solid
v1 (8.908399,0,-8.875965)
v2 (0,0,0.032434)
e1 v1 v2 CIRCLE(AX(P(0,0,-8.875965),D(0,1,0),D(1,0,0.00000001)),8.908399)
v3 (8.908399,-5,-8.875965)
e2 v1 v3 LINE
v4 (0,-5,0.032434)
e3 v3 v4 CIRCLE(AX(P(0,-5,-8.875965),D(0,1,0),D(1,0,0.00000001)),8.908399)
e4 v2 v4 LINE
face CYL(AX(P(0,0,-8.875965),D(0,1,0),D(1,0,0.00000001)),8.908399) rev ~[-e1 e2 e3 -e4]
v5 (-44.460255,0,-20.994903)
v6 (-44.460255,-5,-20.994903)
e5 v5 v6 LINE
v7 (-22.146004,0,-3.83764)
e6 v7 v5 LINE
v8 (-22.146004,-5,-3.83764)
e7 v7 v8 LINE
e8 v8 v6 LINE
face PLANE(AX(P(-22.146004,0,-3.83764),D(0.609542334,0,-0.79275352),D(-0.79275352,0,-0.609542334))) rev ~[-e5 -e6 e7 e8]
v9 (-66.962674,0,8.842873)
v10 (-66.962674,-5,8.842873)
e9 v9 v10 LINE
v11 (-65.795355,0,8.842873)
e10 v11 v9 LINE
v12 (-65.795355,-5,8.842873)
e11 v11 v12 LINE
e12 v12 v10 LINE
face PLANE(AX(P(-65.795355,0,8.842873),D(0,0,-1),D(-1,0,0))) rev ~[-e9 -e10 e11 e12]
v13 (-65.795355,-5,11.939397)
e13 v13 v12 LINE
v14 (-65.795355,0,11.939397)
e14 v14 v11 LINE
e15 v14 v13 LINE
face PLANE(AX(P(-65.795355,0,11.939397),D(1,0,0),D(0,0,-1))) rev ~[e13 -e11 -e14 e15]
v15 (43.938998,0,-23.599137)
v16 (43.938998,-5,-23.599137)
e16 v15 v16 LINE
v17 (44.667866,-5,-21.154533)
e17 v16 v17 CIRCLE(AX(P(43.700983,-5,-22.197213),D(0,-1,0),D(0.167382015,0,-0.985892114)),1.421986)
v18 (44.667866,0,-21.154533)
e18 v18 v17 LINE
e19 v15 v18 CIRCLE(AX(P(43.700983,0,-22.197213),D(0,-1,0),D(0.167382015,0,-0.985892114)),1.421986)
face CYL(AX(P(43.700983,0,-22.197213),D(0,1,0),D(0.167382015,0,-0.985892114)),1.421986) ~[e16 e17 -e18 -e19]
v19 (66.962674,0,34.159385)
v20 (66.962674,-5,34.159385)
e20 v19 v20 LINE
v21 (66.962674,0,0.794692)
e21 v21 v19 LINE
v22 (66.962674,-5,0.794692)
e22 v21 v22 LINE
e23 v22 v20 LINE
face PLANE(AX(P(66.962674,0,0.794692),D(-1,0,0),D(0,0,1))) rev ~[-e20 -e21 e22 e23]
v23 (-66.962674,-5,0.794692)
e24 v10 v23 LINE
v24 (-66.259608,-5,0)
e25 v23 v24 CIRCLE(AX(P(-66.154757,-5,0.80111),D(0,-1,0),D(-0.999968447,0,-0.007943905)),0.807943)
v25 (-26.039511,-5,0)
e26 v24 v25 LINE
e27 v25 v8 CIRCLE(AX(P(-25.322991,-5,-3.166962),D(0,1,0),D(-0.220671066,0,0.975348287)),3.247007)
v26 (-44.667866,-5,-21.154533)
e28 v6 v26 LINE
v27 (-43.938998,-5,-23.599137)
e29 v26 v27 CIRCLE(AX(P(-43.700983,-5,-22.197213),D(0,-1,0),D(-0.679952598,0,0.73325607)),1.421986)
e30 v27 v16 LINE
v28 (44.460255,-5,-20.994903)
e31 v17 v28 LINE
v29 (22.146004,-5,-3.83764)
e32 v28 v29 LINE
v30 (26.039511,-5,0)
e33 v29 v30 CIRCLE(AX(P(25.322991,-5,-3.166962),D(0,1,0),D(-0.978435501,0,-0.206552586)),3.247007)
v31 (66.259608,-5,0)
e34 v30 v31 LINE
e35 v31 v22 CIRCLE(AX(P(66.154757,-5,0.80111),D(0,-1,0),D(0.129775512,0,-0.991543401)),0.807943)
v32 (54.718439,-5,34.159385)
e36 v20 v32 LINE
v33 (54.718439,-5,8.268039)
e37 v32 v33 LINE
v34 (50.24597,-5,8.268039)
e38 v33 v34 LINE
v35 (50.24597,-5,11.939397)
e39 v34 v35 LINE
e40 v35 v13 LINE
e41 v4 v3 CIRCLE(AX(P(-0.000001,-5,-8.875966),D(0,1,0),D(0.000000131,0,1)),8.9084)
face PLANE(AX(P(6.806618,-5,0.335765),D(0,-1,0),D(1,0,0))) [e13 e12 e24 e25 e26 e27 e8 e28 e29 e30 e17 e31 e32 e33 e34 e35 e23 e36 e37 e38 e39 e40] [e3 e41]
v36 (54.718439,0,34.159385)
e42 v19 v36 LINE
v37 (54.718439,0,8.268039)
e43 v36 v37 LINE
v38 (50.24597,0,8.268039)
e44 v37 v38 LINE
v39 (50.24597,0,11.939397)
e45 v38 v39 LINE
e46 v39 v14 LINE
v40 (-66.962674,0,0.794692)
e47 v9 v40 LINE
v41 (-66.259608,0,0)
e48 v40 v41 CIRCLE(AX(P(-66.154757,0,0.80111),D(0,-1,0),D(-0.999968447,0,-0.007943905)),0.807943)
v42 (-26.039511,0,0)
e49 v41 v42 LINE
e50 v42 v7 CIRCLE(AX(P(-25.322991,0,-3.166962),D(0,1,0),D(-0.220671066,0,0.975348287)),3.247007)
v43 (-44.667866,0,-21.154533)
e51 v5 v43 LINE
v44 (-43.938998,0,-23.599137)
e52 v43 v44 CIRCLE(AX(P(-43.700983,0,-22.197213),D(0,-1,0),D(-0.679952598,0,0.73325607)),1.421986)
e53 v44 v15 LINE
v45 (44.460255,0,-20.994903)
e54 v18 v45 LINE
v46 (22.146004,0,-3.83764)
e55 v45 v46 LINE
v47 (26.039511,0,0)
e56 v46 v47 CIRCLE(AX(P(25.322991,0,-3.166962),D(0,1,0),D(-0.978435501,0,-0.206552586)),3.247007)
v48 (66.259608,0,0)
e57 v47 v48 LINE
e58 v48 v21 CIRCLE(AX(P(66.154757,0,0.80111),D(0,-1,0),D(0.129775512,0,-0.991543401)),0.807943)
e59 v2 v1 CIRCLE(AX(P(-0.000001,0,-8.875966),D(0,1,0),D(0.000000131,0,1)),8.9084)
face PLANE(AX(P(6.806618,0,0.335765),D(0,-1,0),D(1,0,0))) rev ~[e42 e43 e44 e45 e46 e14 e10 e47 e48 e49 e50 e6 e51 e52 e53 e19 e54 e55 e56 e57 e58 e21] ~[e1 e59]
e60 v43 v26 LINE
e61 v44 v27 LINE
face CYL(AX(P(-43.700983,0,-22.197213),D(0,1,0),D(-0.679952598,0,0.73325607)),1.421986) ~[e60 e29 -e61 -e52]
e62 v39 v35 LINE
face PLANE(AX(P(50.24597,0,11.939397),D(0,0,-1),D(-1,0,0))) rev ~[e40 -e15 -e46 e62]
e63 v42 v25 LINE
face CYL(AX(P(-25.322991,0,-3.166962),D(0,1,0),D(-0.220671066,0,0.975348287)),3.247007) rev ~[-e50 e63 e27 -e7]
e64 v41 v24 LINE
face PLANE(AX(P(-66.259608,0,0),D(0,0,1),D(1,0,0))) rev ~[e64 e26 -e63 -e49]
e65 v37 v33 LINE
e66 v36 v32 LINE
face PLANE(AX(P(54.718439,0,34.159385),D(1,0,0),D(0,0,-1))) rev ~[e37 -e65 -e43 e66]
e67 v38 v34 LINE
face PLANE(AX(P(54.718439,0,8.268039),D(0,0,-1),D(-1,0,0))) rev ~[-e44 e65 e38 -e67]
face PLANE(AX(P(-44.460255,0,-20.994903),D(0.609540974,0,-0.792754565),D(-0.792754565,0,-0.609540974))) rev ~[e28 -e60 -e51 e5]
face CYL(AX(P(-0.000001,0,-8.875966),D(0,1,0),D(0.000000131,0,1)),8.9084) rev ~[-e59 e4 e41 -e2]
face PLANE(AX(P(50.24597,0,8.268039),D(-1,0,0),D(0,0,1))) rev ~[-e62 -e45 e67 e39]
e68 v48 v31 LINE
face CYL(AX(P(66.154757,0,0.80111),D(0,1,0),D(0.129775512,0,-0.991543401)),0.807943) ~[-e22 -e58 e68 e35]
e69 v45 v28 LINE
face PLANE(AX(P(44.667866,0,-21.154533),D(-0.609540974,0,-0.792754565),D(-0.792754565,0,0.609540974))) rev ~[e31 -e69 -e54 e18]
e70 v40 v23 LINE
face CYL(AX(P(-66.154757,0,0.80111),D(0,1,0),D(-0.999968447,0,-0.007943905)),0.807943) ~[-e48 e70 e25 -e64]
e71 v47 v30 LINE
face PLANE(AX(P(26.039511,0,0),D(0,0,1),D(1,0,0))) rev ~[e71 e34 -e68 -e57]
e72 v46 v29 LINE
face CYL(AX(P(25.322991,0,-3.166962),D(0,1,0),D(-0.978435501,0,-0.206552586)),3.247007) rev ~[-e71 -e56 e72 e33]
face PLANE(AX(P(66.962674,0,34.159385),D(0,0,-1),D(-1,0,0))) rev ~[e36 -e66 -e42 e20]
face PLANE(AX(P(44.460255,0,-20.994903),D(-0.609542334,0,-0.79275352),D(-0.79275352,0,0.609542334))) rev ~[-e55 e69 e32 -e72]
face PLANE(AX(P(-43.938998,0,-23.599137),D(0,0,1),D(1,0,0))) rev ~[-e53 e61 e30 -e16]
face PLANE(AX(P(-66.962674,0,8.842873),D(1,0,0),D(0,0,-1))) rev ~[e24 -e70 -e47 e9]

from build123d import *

# Parameters (mm, degrees)
F1_DEPTH = 5


with BuildPart() as f1:
    # F0 (on Front) → F1 (new body)
    with BuildSketch(Plane.XZ):
        with BuildLine():
            Line((50.24597, 11.939397), (0, 11.939397))
            Line((0, 11.939397), (-65.795355, 11.939397))
            Line((-65.795355, 11.939397), (-65.795355, 8.842873))
            Line((-65.795355, 8.842873), (-66.962674, 8.842873))
            Line((-66.962674, 8.842873), (-66.962674, 0.794692))
            ThreePointArc((-66.962674, 0.794692), (-66.759877, 0.265759), (-66.259608, 0))
            Line((-66.259608, 0), (-66.049904, 0))
            Line((-66.049904, 0), (-26.039511, 0))
            ThreePointArc((-26.039511, 0), (-23.043661, -0.854451), (-22.146004, -3.83764))
            Line((-22.146004, -3.83764), (-44.460255, -20.994903))
            Line((-44.460255, -20.994903), (-44.667866, -21.154533))
            ThreePointArc((-44.667866, -21.154533), (-45.063689, -22.603508), (-43.938998, -23.599137))
            Line((-43.938998, -23.599137), (0, -23.599137))
            Line((0, -23.599137), (43.938998, -23.599137))
            ThreePointArc((43.938998, -23.599137), (45.063689, -22.603508), (44.667866, -21.154533))
            Line((44.667866, -21.154533), (44.460255, -20.994903))
            Line((44.460255, -20.994903), (22.146004, -3.83764))
            ThreePointArc((22.146004, -3.83764), (23.043661, -0.854451), (26.039511, 0))
            Line((26.039511, 0), (66.049904, 0))
            Line((66.049904, 0), (66.259608, 0))
            ThreePointArc((66.259608, 0), (66.759877, 0.265759), (66.962674, 0.794692))
            Line((66.962674, 0.794692), (66.962674, 10.803139))
            Line((66.962674, 10.803139), (66.962674, 11.000095))
            Line((66.962674, 11.000095), (66.962674, 34.159385))
            Line((66.962674, 34.159385), (54.718439, 34.159385))
            Line((54.718439, 34.159385), (54.718439, 8.268039))
            Line((54.718439, 8.268039), (50.24597, 8.268039))
            Line((50.24597, 8.268039), (50.24597, 11.939397))
        make_face()
        with BuildLine():
            ThreePointArc((0, 0.032434), (6.299189, -2.576776), (8.908399, -8.875965))
            ThreePointArc((8.908399, -8.875965), (-6.299189, -15.175155), (0, 0.032434))
        make_face(mode=Mode.SUBTRACT)
    extrude(amount=F1_DEPTH)


solid = f1.part
